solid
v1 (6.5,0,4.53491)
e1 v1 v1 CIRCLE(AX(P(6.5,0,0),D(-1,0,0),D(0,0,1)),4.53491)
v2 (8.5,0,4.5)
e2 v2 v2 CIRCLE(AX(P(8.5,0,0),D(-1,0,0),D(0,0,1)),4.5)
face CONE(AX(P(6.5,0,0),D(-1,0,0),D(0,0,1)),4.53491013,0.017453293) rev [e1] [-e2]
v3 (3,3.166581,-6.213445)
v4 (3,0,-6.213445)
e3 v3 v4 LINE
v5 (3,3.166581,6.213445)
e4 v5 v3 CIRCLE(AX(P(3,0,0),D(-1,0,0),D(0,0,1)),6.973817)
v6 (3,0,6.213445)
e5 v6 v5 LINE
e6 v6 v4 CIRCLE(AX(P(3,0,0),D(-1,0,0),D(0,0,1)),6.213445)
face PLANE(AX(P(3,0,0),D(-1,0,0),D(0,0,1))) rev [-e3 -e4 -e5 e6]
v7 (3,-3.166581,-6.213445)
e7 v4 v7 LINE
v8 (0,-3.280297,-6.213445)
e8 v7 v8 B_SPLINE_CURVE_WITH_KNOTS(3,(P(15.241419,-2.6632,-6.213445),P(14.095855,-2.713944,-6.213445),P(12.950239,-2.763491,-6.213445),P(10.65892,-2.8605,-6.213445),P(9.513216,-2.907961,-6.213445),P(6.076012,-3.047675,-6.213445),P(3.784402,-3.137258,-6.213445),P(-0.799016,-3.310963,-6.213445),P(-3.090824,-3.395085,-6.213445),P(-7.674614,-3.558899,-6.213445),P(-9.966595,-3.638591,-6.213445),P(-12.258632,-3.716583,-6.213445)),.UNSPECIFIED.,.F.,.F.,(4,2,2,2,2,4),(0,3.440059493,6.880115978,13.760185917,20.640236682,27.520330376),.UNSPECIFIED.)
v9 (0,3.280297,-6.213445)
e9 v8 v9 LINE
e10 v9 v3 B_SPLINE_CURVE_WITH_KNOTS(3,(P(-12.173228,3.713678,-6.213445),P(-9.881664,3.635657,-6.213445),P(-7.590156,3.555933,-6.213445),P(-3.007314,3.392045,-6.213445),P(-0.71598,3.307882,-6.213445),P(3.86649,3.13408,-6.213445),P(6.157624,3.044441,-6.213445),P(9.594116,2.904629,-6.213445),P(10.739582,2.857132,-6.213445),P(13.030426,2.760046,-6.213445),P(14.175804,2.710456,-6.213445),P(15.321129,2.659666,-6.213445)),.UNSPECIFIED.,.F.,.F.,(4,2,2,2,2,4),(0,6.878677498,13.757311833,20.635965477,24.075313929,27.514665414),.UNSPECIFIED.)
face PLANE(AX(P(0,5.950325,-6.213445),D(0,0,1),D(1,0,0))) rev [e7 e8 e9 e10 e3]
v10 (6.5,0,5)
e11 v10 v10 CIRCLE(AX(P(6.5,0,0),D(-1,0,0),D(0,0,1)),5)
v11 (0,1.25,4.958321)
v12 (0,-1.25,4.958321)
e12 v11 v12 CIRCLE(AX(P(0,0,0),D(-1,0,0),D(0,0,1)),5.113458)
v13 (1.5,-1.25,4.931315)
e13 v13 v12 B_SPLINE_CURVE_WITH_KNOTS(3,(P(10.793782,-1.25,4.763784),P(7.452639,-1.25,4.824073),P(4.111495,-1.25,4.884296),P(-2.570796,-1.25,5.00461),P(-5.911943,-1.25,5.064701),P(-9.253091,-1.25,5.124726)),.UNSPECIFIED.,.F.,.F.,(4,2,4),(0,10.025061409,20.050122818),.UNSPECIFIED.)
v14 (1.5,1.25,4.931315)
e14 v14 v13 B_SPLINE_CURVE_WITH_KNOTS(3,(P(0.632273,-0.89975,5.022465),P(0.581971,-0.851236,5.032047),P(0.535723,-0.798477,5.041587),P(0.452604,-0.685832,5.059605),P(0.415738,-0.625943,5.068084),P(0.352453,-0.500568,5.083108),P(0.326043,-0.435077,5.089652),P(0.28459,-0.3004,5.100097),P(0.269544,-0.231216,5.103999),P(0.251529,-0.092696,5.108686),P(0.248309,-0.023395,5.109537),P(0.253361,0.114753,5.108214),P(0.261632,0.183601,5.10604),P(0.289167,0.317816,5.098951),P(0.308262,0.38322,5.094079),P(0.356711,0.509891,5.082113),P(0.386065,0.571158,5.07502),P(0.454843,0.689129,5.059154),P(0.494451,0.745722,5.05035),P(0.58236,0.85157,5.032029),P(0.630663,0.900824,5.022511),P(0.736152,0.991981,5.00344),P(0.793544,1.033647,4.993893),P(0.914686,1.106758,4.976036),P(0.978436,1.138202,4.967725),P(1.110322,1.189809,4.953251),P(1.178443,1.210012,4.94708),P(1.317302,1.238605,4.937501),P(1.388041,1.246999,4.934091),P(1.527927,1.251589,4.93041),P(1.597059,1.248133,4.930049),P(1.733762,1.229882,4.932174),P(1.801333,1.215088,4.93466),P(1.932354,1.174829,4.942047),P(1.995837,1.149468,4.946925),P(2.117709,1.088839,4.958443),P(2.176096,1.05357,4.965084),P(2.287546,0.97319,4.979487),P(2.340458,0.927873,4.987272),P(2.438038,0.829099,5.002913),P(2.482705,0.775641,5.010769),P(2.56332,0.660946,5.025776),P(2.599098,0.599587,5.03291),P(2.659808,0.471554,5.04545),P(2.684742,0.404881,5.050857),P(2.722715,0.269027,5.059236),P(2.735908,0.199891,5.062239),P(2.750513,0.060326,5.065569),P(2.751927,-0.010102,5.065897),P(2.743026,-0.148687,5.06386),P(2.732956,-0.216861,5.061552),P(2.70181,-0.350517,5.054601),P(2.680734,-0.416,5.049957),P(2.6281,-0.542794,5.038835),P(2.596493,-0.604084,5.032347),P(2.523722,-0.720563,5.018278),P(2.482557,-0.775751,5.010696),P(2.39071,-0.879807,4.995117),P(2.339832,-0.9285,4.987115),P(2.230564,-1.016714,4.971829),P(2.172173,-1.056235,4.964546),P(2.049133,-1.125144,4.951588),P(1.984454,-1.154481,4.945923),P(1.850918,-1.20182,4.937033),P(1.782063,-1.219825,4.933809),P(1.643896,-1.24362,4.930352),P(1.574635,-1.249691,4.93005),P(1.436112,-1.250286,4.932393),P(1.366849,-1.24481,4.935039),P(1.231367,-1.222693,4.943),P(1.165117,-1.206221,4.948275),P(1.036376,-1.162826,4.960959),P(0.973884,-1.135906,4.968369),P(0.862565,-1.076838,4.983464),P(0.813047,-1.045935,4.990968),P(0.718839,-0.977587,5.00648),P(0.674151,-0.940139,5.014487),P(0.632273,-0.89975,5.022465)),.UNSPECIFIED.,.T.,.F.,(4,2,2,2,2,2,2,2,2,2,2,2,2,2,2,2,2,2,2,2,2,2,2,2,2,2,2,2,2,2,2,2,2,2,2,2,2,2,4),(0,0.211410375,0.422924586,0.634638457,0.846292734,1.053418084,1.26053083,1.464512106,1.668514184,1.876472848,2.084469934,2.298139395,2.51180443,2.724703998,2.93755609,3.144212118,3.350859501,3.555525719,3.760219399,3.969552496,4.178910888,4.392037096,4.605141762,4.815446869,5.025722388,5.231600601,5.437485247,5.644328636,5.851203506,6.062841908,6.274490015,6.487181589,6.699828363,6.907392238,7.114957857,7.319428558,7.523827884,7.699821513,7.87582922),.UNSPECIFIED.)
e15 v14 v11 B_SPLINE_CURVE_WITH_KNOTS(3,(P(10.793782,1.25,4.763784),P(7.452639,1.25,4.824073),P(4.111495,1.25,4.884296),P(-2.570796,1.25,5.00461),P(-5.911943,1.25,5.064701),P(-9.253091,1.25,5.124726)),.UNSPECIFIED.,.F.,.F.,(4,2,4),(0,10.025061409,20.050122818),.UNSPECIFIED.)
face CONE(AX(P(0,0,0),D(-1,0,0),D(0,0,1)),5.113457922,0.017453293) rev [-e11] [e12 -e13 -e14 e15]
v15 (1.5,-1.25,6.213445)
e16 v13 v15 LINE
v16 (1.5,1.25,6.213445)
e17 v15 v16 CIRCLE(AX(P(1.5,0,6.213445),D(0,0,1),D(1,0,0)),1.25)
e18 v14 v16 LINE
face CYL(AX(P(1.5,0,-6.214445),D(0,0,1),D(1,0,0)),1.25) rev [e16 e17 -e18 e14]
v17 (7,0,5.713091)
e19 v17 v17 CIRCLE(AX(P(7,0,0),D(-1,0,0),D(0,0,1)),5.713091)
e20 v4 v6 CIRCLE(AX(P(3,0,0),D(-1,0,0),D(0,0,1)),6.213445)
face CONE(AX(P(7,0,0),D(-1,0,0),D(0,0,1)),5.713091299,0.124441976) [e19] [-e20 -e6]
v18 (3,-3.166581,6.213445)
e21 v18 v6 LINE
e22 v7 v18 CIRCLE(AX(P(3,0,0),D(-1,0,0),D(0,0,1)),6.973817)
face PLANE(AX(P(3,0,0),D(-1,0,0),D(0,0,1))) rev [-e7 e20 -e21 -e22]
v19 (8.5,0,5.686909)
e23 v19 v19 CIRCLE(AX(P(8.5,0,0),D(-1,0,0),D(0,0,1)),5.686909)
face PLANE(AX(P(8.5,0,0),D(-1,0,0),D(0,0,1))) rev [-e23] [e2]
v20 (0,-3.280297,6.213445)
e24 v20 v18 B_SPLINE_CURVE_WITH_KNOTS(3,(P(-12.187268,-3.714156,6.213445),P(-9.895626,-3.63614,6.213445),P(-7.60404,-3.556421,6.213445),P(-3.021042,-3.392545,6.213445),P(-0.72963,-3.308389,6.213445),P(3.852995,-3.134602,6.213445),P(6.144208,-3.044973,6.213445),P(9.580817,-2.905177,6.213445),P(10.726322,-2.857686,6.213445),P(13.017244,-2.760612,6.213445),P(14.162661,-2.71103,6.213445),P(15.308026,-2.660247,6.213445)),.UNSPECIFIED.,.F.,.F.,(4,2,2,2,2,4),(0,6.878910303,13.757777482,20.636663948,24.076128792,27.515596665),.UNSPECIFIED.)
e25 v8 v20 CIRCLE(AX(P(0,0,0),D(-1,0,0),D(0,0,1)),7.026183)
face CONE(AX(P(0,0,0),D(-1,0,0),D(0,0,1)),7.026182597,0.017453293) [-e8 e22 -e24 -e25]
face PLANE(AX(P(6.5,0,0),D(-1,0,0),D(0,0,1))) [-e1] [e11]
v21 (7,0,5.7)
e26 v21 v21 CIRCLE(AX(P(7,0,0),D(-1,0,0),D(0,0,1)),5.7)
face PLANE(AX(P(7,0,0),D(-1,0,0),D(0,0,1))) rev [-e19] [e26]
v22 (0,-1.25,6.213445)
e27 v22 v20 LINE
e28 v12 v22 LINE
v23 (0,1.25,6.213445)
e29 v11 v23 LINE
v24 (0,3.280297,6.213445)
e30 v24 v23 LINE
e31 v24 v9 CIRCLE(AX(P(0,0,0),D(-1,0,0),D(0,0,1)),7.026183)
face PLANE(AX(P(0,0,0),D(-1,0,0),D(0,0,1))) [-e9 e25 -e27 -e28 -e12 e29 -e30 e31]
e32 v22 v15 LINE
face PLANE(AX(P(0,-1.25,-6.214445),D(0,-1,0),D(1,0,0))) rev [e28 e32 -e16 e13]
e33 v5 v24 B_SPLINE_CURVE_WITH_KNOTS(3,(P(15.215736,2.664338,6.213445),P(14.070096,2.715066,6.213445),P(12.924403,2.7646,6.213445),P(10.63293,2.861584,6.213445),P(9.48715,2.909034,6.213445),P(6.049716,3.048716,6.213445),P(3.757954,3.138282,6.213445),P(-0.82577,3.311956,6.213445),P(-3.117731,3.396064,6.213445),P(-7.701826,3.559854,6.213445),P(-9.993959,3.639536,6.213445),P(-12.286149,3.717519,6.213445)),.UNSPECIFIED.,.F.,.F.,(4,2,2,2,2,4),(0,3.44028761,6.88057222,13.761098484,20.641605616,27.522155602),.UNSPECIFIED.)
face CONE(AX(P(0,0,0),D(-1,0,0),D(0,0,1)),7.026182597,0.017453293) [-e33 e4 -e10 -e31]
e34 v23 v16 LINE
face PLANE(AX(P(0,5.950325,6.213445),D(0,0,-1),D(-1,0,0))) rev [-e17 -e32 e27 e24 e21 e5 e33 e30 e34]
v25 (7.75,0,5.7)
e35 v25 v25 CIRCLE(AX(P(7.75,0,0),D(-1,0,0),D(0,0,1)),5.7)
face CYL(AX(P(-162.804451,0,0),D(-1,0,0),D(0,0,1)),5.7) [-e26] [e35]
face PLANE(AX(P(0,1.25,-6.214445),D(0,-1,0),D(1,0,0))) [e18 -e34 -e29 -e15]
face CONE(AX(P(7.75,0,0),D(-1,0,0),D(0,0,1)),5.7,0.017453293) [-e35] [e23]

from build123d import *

# Parameters (mm, degrees)
SKETCH_2_W          = 4.013970818
SKETCH_2_H          = 10.71622578
SKETCH_2_W_2        = 3.089760279
SKETCH_2_H_2        = 12.863028926
CUT_EXTRUDE_1_DEPTH = 4
CUT_EXTRUDE_2_REACH = 14.427
SKETCH_3_R          = 1.25
SKETCH_3_W          = 1.5
SKETCH_3_H          = 2.5


with BuildPart() as part:
    # 草图1 → 旋转1 (revolve)
    with BuildSketch(Plane.XY, mode=Mode.PRIVATE) as revolve_1_sk:
        Polygon((7, -5.713091299), (7, -5.7), (7.75, -5.7), (8.5, -5.686908701), (8.5, -4.5), (6.5, -4.53491013), (6.5, -5), (0, -5.113457922), (0, -7.026182597), (3, -6.973817403), (3, -6.213444663), align=None)
    revolve(revolve_1_sk.sketch.rotate(Axis((-162.804450563, 0, 0), (1, 0, 0)), 270), axis=Axis((-162.804450563, 0, 0), (1, 0, 0)))  # turned: the seam where the file's is

    # 草图2 → 切除-拉伸1 (cut, through all)
    with BuildSketch(Plane(origin=(3, 0, 0), x_dir=(0, 0, -1), z_dir=(1, 0, 0))):
        with Locations((8.220430072, 0.592212477)):
            Rectangle(SKETCH_2_W, SKETCH_2_H)
        with Locations((-7.758324803, -0.481189096)):
            Rectangle(SKETCH_2_W_2, SKETCH_2_H_2)
    extrude(amount=-CUT_EXTRUDE_1_DEPTH, mode=Mode.SUBTRACT)

    # 切除-拉伸2: up to this cone (the profile starts outside it)
    cut_extrude_2_end = Plane(origin=(1.125, 0, 0), z_dir=(-1, 0, 0)) * Cone(4.737810595, 5.449831353, 40.791641948, mode=Mode.PRIVATE)
    # 草图3 → 切除-拉伸2 (cut, up to the surface)
    with BuildSketch(Plane.XY.offset(6.213444663), mode=Mode.PRIVATE) as cut_extrude_2_sk1:
        with Locations((1.5, 0)):
            Circle(SKETCH_3_R)
    cut_extrude_2_tool1 = extrude(cut_extrude_2_sk1.sketch, amount=-CUT_EXTRUDE_2_REACH, mode=Mode.PRIVATE) - cut_extrude_2_end
    add(cut_extrude_2_tool1.solids().sort_by_distance((1.5, 0, 6.213445))[0], mode=Mode.SUBTRACT)
    # 草图3 → 切除-拉伸2 (cut, up to the surface)
    with BuildSketch(Plane.XY.offset(6.213444663), mode=Mode.PRIVATE) as cut_extrude_2_sk2:
        with Locations((0.75, 0)):
            Rectangle(SKETCH_3_W, SKETCH_3_H)
    cut_extrude_2_tool2 = extrude(cut_extrude_2_sk2.sketch, amount=-CUT_EXTRUDE_2_REACH, mode=Mode.PRIVATE) - cut_extrude_2_end
    add(cut_extrude_2_tool2.solids().sort_by_distance((0.75, 0, 6.213445))[0], mode=Mode.SUBTRACT)


solid = part.part
